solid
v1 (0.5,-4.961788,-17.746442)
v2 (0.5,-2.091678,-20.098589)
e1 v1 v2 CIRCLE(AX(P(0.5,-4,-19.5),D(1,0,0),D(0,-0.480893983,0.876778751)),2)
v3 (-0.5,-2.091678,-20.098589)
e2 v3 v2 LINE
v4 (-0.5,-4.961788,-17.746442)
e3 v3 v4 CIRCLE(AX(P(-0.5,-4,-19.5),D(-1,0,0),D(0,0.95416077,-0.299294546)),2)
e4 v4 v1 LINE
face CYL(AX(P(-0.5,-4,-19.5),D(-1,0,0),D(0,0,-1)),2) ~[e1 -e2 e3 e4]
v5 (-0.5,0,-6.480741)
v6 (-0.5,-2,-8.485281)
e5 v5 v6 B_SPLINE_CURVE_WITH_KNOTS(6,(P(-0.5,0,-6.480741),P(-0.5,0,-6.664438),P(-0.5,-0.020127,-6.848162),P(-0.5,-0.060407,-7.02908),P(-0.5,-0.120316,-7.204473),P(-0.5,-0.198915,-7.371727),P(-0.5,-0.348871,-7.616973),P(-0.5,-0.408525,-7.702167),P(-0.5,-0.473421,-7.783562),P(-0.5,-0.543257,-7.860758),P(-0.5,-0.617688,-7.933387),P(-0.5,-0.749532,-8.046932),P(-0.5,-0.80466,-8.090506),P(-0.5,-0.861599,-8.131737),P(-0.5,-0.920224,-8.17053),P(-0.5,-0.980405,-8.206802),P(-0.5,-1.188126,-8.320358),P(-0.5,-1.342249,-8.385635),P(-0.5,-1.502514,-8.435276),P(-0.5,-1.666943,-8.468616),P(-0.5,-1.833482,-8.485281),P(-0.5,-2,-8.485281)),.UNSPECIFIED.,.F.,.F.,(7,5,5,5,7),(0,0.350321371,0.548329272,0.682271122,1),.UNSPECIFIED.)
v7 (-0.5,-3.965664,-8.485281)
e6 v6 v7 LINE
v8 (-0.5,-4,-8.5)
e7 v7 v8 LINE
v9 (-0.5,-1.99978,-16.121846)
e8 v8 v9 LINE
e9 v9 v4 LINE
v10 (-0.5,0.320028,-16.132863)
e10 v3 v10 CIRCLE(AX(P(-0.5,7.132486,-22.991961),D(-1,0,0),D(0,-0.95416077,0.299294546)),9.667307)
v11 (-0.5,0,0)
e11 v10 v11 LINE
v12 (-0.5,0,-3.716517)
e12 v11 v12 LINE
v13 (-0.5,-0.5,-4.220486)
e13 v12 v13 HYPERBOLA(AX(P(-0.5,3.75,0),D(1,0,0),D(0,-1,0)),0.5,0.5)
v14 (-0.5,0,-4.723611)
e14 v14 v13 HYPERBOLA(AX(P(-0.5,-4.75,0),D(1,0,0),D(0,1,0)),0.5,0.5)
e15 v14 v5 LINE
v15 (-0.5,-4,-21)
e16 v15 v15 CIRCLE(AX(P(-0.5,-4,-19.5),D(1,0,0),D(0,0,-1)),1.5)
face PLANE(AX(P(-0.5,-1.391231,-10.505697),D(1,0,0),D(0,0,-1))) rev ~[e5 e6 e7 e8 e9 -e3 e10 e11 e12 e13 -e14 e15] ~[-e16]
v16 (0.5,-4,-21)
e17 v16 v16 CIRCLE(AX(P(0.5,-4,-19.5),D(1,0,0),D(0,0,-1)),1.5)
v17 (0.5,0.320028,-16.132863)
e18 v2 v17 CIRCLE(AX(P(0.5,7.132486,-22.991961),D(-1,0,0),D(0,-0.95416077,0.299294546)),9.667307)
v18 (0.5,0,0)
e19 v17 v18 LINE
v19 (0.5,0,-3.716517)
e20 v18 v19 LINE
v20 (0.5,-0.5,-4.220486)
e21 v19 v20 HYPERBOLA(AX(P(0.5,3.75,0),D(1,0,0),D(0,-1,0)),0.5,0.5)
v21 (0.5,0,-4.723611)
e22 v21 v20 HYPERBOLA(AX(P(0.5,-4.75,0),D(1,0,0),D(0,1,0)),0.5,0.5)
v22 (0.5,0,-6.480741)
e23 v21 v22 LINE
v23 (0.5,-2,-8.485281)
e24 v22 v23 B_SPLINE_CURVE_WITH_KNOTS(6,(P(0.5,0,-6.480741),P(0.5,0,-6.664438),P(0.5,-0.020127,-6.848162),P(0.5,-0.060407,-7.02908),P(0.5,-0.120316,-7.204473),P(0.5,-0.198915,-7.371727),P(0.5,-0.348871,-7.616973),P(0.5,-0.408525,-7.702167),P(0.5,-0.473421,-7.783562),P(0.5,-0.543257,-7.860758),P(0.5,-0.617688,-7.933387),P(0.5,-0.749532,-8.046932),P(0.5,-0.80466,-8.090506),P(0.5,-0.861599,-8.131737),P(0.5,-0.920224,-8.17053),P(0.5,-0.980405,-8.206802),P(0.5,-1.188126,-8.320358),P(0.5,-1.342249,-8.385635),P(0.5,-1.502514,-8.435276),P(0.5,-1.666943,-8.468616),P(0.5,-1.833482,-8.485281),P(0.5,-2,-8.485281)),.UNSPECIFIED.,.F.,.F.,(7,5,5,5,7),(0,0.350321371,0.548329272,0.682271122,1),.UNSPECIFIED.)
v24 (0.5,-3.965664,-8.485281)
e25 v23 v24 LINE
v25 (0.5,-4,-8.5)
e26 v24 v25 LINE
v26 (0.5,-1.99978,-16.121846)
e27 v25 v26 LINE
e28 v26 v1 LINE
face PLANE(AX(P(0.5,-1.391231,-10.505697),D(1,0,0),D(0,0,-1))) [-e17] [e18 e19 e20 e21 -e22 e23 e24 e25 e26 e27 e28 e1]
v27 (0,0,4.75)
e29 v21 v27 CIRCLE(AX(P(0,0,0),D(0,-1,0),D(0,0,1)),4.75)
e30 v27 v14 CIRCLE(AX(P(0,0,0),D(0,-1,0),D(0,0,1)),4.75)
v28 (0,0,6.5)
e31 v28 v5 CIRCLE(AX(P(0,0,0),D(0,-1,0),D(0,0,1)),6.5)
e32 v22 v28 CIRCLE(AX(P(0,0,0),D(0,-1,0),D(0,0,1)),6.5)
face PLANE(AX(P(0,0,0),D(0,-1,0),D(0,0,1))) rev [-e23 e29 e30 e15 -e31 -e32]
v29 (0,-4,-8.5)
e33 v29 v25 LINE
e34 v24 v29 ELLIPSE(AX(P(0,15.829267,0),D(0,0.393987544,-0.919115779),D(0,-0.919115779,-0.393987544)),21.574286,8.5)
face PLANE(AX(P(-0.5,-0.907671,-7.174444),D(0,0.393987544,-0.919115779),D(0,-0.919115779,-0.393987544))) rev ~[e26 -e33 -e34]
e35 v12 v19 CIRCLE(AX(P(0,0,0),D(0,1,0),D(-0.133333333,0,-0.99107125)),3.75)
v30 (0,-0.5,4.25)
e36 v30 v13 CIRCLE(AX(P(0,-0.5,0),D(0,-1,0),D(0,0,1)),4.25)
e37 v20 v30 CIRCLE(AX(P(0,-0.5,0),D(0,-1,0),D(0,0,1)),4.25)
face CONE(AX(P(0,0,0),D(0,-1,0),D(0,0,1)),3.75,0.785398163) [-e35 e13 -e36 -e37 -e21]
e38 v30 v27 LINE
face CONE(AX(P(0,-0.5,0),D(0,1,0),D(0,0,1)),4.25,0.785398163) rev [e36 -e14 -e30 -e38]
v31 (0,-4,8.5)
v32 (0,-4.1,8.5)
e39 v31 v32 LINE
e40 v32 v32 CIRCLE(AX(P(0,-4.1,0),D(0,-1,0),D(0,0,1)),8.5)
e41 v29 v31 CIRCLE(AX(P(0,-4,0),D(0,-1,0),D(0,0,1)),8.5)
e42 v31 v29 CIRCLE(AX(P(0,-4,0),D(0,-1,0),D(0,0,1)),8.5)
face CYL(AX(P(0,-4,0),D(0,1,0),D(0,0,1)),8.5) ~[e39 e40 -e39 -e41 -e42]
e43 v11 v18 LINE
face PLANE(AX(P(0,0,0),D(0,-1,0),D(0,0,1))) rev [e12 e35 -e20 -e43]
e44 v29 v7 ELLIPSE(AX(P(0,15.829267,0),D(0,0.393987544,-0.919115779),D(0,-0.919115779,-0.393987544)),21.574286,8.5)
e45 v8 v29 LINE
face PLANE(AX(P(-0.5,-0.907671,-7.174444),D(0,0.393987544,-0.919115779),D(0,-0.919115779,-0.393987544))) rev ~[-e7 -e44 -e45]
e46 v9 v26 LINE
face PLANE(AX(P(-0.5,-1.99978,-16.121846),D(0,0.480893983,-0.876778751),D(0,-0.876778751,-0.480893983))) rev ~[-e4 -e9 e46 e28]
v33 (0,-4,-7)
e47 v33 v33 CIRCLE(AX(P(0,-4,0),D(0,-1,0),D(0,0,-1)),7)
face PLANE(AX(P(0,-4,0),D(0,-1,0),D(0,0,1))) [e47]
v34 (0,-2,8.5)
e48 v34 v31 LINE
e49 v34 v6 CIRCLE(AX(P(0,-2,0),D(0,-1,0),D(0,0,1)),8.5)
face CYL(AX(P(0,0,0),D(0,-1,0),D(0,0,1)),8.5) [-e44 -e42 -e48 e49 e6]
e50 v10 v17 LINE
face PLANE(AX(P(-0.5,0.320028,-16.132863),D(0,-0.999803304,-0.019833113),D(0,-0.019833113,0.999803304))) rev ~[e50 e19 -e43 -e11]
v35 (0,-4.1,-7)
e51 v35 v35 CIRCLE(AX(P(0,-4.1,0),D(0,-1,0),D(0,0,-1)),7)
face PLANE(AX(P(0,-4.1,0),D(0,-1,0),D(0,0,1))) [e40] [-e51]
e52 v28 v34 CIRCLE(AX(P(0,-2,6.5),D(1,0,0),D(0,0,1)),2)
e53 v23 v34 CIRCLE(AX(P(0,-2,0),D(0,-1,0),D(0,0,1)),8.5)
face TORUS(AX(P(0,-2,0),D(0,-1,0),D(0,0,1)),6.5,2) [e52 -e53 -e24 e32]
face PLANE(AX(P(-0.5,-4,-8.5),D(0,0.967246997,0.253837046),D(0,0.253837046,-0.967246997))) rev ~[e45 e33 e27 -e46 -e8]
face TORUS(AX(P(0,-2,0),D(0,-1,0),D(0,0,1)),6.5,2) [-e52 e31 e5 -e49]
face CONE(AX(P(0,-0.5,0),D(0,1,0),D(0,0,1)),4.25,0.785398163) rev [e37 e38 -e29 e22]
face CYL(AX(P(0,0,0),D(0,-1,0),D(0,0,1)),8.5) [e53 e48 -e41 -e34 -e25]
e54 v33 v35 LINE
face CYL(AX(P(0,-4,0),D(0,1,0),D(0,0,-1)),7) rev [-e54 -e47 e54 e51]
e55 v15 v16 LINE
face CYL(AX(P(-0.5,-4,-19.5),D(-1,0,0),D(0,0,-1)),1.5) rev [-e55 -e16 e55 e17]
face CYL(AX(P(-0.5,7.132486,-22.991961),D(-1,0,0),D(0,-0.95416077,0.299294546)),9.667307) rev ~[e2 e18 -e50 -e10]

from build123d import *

# Parameters (mm, degrees)
FILLET1_R                = 2
SKETCH5_R                = 8.5
SKETCH5_R_2              = 7
BOSS_EXTRUDE1_DEPTH      = 0.1
BOSS_EXTRUDE2_DEPTH      = 0.5
BOSS_EXTRUDE2_DEPTH_BACK = 0.5
SKETCH6_R                = 1.5


with BuildPart() as part:
    # Sketch4 → Revolve1 (revolve)
    with BuildSketch(Plane(origin=(0, 0, 0), x_dir=(0, 0, -1), z_dir=(1, 0, 0))):
        Polygon((0, 0), (-3.75, 0), (-4.25, -0.5), (-4.75, 0), (-8.5, 0), (-8.5, -4), (0, -4), align=None)
    revolve(axis=Axis((0, 1.890471386, 0), (0, -1, 0)))

    # Fillet1
    fillet1_edges = [part.edges().sort_by_distance(p)[0] for p in [
        (0, 0, -8.5),
    ]]
    fillet(fillet1_edges, radius=FILLET1_R)



with BuildPart() as body_2:
    # Sketch5 → Boss-Extrude1 (new body)
    with BuildSketch(Plane.XZ.offset(4)):
        Circle(SKETCH5_R)
        Circle(SKETCH5_R_2, mode=Mode.SUBTRACT)
    extrude(amount=BOSS_EXTRUDE1_DEPTH)


with BuildPart() as part_1:
    add(part.part)

    add(body_2.part)  # Boss-Extrude2 merges body 2
    # Sketch6 → Boss-Extrude2 (add, two sides: drawn at the far end of the back side and taken through both)
    with BuildSketch(Plane(origin=(0, 0, 0), x_dir=(0, 0, -1), z_dir=(1, 0, 0)).offset(-BOSS_EXTRUDE2_DEPTH_BACK)):
        with BuildLine():
            Line((16.132863069, 0.320027848), (0, 0))
            Line((0, 0), (0, -0.907670556))
            Line((0, -0.907670556), (7.174444166, -0.907670556))
            Line((7.174444166, -0.907670556), (8.5, -4))
            Line((8.5, -4), (16.12184584, -1.999779955))
            Line((16.12184584, -1.999779955), (17.746442499, -4.961787965))
            ThreePointArc((17.746442499, -4.961787965), (21.046890478, -5.267726252), (20.098589091, -2.09167846))
            ThreePointArc((20.098589091, -2.09167846), (17.968839585, -1.127360353), (16.132863069, 0.320027848))
        make_face()
        with Locations((19.5, -4)):
            Circle(SKETCH6_R, mode=Mode.SUBTRACT)
    extrude(amount=BOSS_EXTRUDE2_DEPTH + BOSS_EXTRUDE2_DEPTH_BACK)


solid = part_1.part
